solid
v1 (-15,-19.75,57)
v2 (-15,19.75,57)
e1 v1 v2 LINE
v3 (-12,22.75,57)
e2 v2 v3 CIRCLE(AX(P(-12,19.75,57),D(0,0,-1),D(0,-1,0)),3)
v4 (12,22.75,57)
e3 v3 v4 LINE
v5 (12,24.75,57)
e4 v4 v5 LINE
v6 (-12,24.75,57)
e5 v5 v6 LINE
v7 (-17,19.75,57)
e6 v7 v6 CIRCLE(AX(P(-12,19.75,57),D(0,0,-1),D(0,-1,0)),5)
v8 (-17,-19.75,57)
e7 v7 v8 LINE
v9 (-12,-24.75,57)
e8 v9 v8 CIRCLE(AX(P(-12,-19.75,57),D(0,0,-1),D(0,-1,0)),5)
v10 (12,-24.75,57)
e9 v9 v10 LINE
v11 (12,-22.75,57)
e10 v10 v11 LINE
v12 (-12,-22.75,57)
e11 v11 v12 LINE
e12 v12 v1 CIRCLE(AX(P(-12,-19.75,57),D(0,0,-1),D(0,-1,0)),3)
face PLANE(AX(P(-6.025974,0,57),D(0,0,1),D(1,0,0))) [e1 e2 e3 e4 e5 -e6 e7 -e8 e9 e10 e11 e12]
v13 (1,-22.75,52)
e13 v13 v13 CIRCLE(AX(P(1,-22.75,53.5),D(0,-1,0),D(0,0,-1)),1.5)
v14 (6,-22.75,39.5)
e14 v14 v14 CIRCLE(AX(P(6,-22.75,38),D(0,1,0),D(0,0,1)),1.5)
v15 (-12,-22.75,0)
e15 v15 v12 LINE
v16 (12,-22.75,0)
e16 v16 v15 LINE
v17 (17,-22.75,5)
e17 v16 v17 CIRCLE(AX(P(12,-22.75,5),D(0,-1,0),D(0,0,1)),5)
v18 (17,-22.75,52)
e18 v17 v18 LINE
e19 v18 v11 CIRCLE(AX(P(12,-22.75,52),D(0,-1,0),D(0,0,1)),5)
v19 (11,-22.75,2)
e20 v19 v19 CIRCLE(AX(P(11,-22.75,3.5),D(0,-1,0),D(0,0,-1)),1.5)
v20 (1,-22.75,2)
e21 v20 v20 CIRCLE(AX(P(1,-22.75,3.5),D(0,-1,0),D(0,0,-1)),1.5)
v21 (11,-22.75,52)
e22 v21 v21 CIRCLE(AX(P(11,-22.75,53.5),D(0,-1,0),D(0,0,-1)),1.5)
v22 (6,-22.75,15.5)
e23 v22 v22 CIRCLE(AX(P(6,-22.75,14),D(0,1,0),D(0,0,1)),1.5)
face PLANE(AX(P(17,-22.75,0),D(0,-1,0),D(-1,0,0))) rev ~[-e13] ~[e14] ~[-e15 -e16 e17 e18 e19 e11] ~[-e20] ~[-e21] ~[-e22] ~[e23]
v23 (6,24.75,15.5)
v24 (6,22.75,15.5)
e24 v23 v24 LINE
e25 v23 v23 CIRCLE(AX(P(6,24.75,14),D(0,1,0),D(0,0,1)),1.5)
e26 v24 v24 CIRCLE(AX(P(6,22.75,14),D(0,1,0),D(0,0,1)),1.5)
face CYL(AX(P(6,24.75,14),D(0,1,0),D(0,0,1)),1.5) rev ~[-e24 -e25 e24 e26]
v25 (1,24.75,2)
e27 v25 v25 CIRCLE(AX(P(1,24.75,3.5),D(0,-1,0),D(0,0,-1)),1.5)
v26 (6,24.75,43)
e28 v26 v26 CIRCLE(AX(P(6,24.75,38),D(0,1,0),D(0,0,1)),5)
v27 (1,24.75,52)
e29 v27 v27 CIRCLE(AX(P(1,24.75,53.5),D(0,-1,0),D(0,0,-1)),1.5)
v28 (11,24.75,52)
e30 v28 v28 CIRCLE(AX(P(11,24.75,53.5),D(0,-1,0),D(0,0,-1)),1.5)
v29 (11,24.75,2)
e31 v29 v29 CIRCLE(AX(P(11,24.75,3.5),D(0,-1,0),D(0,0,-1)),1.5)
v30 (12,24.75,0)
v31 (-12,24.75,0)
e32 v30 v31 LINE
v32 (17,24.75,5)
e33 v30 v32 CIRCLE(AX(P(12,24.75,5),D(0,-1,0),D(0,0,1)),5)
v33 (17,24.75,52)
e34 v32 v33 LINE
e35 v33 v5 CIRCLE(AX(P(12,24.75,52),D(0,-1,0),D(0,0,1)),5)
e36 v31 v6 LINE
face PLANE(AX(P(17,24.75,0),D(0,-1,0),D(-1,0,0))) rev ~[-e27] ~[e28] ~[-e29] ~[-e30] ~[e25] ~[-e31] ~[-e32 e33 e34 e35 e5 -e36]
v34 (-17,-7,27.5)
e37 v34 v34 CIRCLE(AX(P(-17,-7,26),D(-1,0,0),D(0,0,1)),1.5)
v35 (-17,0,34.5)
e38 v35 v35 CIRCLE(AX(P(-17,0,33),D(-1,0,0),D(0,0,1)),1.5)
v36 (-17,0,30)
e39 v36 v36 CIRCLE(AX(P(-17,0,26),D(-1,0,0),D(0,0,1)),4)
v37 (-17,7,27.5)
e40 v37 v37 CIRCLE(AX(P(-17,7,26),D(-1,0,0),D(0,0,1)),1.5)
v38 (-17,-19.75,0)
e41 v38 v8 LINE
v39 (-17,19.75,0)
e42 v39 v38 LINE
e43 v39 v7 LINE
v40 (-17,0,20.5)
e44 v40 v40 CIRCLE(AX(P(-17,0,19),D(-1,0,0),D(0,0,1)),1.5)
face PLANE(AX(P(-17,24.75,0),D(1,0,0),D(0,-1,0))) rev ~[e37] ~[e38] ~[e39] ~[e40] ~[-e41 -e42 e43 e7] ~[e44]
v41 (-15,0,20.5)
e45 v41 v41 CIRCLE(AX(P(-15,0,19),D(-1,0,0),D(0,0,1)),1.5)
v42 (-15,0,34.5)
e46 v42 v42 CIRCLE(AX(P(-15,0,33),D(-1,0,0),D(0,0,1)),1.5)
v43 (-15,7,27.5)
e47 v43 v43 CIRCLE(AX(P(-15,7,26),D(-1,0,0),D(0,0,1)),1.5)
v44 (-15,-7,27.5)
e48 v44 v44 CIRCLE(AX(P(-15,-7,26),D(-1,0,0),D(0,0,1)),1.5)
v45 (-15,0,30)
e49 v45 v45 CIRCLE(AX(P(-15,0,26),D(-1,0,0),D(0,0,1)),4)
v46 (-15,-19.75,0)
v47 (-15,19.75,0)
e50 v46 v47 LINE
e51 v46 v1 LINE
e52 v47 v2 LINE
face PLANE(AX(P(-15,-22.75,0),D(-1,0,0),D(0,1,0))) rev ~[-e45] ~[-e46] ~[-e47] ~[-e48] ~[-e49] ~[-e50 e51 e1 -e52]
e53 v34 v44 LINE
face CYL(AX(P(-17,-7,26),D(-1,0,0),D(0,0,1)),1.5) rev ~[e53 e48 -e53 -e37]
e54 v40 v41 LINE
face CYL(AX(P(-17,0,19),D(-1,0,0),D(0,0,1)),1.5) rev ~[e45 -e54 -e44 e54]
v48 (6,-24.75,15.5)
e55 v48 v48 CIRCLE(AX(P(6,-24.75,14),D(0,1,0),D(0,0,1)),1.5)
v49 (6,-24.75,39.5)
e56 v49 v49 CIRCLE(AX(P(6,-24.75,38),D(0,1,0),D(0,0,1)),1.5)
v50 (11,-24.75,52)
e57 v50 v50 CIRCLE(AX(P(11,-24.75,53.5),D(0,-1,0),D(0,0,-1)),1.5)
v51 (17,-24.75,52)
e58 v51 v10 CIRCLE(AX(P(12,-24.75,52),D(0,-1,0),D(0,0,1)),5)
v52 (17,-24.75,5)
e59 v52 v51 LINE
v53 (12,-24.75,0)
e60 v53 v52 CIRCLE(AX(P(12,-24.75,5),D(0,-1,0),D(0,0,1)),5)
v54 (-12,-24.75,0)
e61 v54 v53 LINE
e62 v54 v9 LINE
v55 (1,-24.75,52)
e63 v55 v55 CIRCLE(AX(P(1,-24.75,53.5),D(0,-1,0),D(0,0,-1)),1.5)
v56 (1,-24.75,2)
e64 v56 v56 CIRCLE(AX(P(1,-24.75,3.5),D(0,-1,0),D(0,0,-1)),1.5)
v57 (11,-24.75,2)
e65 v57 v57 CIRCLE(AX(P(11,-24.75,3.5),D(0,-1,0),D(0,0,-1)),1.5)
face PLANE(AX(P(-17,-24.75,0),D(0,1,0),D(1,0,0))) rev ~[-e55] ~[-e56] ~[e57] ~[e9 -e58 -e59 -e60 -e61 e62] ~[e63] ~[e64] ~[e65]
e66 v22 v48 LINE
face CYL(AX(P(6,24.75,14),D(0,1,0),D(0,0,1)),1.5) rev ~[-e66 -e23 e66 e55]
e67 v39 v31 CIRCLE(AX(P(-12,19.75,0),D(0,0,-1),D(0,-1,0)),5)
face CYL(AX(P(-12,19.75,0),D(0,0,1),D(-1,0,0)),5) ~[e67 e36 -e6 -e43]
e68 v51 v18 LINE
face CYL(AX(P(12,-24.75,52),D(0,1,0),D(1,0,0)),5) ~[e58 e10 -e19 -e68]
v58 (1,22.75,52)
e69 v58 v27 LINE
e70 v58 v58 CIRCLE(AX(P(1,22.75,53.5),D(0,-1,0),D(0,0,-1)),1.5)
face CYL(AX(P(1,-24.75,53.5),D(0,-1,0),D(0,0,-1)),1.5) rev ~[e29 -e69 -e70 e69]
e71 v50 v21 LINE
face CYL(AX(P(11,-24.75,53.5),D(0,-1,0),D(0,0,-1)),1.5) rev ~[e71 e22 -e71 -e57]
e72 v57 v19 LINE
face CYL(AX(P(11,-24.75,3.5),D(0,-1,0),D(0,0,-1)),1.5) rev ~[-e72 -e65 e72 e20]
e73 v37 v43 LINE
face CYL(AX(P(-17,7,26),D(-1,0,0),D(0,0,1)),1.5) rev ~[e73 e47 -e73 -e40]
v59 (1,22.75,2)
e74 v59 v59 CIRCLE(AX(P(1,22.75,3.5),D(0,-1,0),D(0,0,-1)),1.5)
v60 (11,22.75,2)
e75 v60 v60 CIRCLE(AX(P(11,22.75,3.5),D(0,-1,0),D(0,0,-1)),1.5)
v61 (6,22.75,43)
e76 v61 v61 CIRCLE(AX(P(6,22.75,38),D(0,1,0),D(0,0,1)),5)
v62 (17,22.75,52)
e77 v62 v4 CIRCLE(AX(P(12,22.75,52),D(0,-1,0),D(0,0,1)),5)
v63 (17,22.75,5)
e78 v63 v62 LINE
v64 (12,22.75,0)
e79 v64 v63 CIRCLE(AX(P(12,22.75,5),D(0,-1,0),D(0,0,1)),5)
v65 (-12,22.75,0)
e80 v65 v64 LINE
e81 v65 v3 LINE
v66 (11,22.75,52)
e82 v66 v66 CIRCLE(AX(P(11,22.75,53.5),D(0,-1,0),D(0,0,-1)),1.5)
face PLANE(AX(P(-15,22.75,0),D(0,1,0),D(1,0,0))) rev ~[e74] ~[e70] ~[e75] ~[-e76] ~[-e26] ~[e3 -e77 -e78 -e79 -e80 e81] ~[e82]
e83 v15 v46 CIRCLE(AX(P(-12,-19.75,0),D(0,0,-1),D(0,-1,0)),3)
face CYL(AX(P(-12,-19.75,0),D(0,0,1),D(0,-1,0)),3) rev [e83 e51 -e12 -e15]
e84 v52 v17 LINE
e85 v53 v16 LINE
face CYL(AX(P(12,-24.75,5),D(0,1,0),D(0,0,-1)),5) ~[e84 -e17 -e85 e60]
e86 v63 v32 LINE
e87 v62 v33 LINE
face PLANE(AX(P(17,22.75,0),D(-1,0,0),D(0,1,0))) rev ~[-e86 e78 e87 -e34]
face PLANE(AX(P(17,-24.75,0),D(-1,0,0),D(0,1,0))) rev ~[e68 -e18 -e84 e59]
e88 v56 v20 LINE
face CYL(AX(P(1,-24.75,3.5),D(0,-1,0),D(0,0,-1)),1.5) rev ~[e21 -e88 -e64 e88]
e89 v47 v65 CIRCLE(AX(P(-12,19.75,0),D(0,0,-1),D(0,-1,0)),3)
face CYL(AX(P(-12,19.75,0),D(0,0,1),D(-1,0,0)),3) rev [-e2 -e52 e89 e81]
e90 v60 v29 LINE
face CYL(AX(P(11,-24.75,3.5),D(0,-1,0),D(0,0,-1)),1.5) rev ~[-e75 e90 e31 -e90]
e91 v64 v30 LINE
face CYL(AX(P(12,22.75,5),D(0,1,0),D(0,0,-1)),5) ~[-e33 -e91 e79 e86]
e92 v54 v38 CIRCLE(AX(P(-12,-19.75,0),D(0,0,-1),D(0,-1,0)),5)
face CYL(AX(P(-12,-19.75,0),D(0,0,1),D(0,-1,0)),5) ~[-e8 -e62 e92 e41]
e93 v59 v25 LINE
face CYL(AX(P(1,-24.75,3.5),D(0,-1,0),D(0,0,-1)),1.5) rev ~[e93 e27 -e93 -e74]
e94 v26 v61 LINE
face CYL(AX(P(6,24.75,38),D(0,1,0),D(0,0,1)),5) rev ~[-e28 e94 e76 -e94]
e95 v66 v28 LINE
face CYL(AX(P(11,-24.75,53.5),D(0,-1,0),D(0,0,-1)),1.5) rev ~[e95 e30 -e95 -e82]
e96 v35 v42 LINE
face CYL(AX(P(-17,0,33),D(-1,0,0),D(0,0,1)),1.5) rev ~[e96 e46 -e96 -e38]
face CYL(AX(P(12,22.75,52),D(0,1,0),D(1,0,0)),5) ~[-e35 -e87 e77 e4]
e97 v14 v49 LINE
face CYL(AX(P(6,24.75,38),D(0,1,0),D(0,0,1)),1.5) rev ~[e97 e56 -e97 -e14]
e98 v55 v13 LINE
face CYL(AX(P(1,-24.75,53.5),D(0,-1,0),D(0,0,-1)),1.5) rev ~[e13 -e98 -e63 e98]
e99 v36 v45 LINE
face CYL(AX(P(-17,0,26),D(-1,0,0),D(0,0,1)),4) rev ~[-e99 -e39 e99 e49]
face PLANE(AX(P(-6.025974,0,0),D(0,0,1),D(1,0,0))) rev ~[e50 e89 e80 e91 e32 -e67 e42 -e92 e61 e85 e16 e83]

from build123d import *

# Parameters (mm, degrees)
EXTRUDE_1_DEPTH     = 57
SKETCH_2_R          = 1.5
CUT_EXTRUDE_1_DEPTH = 57
SKETCH_4_R          = 4
SKETCH_4_R_2        = 1.5
CUT_EXTRUDE_2_DEPTH = 57
FILLET_1_R          = 5
FILLET_2_R          = 3
FILLET_3_R          = 5
SKETCH_5_R          = 5
CUT_EXTRUDE_3_DEPTH = 26
SKETCH_6_R          = 1.5
CUT_EXTRUDE_4_DEPTH = 71


with BuildPart() as part:
    # 草图1 → 凸台-拉伸1 (new body)
    with BuildSketch(Plane.XY):
        Polygon((-17, -24.75), (17, -24.75), (17, -22.75), (-15, -22.75), (-15, 22.75), (17, 22.75), (17, 24.75), (-17, 24.75), align=None)
    extrude(amount=EXTRUDE_1_DEPTH)

    # 草图2 → 切除-拉伸1 (cut)
    with BuildSketch(Plane(origin=(0, 24.75, 0), x_dir=(1, 0, 0), z_dir=(0, 1, 0))):
        with Locations(Location((6, -14, 0), (0, 0, 270))):
            Circle(SKETCH_2_R)
        with Locations(Location((6, -38, 0), (0, 0, 270))):
            Circle(SKETCH_2_R)
    extrude(amount=-CUT_EXTRUDE_1_DEPTH, mode=Mode.SUBTRACT)

    # 草图4 → 切除-拉伸2 (cut)
    with BuildSketch(Plane.ZY.offset(17)):
        with Locations((26, 0)):
            Circle(SKETCH_4_R)
        with Locations((26, 7)):
            Circle(SKETCH_4_R_2)
        with Locations((33, 0)):
            Circle(SKETCH_4_R_2)
        with Locations((26, -7)):
            Circle(SKETCH_4_R_2)
        with Locations((19, 0)):
            Circle(SKETCH_4_R_2)
    extrude(amount=-CUT_EXTRUDE_2_DEPTH, mode=Mode.SUBTRACT)

    # 圆角1
    fillet_1_edges = [part.edges().sort_by_distance(p)[0] for p in [
        (-17, -24.75, 28.5),
        (-17, 24.75, 28.5),
    ]]
    fillet(fillet_1_edges, radius=FILLET_1_R)

    # 圆角2
    fillet_2_edges = [part.edges().sort_by_distance(p)[0] for p in [
        (-15, 22.75, 28.5),
        (-15, -22.75, 28.5),
    ]]
    fillet(fillet_2_edges, radius=FILLET_2_R)

    # 圆角3
    fillet_3_edges = [part.edges().sort_by_distance(p)[0] for p in [
        (17, 23.75, 0),
        (17, -23.75, 57),
        (17, 23.75, 57),
        (17, -23.75, 0),
    ]]
    fillet(fillet_3_edges, radius=FILLET_3_R)

    # 草图5 → 切除-拉伸3 (cut)
    with BuildSketch(Plane(origin=(0, 24.75, 0), x_dir=(1, 0, 0), z_dir=(0, 1, 0))):
        with Locations(Location((6, -38, 0), (0, 0, 270))):
            Circle(SKETCH_5_R)
    extrude(amount=-CUT_EXTRUDE_3_DEPTH, mode=Mode.SUBTRACT)

    # 草图6 → 切除-拉伸4 (cut)
    with BuildSketch(Plane.XZ.offset(24.75)):
        with Locations(Location((1, 53.5, 0), (0, 0, 270))):
            Circle(SKETCH_6_R)
        with Locations(Location((11, 53.5, 0), (0, 0, 270))):
            Circle(SKETCH_6_R)
        with Locations(Location((11, 3.5, 0), (0, 0, 270))):
            Circle(SKETCH_6_R)
        with Locations(Location((1, 3.5, 0), (0, 0, 270))):
            Circle(SKETCH_6_R)
    extrude(amount=-CUT_EXTRUDE_4_DEPTH, mode=Mode.SUBTRACT)


solid = part.part
